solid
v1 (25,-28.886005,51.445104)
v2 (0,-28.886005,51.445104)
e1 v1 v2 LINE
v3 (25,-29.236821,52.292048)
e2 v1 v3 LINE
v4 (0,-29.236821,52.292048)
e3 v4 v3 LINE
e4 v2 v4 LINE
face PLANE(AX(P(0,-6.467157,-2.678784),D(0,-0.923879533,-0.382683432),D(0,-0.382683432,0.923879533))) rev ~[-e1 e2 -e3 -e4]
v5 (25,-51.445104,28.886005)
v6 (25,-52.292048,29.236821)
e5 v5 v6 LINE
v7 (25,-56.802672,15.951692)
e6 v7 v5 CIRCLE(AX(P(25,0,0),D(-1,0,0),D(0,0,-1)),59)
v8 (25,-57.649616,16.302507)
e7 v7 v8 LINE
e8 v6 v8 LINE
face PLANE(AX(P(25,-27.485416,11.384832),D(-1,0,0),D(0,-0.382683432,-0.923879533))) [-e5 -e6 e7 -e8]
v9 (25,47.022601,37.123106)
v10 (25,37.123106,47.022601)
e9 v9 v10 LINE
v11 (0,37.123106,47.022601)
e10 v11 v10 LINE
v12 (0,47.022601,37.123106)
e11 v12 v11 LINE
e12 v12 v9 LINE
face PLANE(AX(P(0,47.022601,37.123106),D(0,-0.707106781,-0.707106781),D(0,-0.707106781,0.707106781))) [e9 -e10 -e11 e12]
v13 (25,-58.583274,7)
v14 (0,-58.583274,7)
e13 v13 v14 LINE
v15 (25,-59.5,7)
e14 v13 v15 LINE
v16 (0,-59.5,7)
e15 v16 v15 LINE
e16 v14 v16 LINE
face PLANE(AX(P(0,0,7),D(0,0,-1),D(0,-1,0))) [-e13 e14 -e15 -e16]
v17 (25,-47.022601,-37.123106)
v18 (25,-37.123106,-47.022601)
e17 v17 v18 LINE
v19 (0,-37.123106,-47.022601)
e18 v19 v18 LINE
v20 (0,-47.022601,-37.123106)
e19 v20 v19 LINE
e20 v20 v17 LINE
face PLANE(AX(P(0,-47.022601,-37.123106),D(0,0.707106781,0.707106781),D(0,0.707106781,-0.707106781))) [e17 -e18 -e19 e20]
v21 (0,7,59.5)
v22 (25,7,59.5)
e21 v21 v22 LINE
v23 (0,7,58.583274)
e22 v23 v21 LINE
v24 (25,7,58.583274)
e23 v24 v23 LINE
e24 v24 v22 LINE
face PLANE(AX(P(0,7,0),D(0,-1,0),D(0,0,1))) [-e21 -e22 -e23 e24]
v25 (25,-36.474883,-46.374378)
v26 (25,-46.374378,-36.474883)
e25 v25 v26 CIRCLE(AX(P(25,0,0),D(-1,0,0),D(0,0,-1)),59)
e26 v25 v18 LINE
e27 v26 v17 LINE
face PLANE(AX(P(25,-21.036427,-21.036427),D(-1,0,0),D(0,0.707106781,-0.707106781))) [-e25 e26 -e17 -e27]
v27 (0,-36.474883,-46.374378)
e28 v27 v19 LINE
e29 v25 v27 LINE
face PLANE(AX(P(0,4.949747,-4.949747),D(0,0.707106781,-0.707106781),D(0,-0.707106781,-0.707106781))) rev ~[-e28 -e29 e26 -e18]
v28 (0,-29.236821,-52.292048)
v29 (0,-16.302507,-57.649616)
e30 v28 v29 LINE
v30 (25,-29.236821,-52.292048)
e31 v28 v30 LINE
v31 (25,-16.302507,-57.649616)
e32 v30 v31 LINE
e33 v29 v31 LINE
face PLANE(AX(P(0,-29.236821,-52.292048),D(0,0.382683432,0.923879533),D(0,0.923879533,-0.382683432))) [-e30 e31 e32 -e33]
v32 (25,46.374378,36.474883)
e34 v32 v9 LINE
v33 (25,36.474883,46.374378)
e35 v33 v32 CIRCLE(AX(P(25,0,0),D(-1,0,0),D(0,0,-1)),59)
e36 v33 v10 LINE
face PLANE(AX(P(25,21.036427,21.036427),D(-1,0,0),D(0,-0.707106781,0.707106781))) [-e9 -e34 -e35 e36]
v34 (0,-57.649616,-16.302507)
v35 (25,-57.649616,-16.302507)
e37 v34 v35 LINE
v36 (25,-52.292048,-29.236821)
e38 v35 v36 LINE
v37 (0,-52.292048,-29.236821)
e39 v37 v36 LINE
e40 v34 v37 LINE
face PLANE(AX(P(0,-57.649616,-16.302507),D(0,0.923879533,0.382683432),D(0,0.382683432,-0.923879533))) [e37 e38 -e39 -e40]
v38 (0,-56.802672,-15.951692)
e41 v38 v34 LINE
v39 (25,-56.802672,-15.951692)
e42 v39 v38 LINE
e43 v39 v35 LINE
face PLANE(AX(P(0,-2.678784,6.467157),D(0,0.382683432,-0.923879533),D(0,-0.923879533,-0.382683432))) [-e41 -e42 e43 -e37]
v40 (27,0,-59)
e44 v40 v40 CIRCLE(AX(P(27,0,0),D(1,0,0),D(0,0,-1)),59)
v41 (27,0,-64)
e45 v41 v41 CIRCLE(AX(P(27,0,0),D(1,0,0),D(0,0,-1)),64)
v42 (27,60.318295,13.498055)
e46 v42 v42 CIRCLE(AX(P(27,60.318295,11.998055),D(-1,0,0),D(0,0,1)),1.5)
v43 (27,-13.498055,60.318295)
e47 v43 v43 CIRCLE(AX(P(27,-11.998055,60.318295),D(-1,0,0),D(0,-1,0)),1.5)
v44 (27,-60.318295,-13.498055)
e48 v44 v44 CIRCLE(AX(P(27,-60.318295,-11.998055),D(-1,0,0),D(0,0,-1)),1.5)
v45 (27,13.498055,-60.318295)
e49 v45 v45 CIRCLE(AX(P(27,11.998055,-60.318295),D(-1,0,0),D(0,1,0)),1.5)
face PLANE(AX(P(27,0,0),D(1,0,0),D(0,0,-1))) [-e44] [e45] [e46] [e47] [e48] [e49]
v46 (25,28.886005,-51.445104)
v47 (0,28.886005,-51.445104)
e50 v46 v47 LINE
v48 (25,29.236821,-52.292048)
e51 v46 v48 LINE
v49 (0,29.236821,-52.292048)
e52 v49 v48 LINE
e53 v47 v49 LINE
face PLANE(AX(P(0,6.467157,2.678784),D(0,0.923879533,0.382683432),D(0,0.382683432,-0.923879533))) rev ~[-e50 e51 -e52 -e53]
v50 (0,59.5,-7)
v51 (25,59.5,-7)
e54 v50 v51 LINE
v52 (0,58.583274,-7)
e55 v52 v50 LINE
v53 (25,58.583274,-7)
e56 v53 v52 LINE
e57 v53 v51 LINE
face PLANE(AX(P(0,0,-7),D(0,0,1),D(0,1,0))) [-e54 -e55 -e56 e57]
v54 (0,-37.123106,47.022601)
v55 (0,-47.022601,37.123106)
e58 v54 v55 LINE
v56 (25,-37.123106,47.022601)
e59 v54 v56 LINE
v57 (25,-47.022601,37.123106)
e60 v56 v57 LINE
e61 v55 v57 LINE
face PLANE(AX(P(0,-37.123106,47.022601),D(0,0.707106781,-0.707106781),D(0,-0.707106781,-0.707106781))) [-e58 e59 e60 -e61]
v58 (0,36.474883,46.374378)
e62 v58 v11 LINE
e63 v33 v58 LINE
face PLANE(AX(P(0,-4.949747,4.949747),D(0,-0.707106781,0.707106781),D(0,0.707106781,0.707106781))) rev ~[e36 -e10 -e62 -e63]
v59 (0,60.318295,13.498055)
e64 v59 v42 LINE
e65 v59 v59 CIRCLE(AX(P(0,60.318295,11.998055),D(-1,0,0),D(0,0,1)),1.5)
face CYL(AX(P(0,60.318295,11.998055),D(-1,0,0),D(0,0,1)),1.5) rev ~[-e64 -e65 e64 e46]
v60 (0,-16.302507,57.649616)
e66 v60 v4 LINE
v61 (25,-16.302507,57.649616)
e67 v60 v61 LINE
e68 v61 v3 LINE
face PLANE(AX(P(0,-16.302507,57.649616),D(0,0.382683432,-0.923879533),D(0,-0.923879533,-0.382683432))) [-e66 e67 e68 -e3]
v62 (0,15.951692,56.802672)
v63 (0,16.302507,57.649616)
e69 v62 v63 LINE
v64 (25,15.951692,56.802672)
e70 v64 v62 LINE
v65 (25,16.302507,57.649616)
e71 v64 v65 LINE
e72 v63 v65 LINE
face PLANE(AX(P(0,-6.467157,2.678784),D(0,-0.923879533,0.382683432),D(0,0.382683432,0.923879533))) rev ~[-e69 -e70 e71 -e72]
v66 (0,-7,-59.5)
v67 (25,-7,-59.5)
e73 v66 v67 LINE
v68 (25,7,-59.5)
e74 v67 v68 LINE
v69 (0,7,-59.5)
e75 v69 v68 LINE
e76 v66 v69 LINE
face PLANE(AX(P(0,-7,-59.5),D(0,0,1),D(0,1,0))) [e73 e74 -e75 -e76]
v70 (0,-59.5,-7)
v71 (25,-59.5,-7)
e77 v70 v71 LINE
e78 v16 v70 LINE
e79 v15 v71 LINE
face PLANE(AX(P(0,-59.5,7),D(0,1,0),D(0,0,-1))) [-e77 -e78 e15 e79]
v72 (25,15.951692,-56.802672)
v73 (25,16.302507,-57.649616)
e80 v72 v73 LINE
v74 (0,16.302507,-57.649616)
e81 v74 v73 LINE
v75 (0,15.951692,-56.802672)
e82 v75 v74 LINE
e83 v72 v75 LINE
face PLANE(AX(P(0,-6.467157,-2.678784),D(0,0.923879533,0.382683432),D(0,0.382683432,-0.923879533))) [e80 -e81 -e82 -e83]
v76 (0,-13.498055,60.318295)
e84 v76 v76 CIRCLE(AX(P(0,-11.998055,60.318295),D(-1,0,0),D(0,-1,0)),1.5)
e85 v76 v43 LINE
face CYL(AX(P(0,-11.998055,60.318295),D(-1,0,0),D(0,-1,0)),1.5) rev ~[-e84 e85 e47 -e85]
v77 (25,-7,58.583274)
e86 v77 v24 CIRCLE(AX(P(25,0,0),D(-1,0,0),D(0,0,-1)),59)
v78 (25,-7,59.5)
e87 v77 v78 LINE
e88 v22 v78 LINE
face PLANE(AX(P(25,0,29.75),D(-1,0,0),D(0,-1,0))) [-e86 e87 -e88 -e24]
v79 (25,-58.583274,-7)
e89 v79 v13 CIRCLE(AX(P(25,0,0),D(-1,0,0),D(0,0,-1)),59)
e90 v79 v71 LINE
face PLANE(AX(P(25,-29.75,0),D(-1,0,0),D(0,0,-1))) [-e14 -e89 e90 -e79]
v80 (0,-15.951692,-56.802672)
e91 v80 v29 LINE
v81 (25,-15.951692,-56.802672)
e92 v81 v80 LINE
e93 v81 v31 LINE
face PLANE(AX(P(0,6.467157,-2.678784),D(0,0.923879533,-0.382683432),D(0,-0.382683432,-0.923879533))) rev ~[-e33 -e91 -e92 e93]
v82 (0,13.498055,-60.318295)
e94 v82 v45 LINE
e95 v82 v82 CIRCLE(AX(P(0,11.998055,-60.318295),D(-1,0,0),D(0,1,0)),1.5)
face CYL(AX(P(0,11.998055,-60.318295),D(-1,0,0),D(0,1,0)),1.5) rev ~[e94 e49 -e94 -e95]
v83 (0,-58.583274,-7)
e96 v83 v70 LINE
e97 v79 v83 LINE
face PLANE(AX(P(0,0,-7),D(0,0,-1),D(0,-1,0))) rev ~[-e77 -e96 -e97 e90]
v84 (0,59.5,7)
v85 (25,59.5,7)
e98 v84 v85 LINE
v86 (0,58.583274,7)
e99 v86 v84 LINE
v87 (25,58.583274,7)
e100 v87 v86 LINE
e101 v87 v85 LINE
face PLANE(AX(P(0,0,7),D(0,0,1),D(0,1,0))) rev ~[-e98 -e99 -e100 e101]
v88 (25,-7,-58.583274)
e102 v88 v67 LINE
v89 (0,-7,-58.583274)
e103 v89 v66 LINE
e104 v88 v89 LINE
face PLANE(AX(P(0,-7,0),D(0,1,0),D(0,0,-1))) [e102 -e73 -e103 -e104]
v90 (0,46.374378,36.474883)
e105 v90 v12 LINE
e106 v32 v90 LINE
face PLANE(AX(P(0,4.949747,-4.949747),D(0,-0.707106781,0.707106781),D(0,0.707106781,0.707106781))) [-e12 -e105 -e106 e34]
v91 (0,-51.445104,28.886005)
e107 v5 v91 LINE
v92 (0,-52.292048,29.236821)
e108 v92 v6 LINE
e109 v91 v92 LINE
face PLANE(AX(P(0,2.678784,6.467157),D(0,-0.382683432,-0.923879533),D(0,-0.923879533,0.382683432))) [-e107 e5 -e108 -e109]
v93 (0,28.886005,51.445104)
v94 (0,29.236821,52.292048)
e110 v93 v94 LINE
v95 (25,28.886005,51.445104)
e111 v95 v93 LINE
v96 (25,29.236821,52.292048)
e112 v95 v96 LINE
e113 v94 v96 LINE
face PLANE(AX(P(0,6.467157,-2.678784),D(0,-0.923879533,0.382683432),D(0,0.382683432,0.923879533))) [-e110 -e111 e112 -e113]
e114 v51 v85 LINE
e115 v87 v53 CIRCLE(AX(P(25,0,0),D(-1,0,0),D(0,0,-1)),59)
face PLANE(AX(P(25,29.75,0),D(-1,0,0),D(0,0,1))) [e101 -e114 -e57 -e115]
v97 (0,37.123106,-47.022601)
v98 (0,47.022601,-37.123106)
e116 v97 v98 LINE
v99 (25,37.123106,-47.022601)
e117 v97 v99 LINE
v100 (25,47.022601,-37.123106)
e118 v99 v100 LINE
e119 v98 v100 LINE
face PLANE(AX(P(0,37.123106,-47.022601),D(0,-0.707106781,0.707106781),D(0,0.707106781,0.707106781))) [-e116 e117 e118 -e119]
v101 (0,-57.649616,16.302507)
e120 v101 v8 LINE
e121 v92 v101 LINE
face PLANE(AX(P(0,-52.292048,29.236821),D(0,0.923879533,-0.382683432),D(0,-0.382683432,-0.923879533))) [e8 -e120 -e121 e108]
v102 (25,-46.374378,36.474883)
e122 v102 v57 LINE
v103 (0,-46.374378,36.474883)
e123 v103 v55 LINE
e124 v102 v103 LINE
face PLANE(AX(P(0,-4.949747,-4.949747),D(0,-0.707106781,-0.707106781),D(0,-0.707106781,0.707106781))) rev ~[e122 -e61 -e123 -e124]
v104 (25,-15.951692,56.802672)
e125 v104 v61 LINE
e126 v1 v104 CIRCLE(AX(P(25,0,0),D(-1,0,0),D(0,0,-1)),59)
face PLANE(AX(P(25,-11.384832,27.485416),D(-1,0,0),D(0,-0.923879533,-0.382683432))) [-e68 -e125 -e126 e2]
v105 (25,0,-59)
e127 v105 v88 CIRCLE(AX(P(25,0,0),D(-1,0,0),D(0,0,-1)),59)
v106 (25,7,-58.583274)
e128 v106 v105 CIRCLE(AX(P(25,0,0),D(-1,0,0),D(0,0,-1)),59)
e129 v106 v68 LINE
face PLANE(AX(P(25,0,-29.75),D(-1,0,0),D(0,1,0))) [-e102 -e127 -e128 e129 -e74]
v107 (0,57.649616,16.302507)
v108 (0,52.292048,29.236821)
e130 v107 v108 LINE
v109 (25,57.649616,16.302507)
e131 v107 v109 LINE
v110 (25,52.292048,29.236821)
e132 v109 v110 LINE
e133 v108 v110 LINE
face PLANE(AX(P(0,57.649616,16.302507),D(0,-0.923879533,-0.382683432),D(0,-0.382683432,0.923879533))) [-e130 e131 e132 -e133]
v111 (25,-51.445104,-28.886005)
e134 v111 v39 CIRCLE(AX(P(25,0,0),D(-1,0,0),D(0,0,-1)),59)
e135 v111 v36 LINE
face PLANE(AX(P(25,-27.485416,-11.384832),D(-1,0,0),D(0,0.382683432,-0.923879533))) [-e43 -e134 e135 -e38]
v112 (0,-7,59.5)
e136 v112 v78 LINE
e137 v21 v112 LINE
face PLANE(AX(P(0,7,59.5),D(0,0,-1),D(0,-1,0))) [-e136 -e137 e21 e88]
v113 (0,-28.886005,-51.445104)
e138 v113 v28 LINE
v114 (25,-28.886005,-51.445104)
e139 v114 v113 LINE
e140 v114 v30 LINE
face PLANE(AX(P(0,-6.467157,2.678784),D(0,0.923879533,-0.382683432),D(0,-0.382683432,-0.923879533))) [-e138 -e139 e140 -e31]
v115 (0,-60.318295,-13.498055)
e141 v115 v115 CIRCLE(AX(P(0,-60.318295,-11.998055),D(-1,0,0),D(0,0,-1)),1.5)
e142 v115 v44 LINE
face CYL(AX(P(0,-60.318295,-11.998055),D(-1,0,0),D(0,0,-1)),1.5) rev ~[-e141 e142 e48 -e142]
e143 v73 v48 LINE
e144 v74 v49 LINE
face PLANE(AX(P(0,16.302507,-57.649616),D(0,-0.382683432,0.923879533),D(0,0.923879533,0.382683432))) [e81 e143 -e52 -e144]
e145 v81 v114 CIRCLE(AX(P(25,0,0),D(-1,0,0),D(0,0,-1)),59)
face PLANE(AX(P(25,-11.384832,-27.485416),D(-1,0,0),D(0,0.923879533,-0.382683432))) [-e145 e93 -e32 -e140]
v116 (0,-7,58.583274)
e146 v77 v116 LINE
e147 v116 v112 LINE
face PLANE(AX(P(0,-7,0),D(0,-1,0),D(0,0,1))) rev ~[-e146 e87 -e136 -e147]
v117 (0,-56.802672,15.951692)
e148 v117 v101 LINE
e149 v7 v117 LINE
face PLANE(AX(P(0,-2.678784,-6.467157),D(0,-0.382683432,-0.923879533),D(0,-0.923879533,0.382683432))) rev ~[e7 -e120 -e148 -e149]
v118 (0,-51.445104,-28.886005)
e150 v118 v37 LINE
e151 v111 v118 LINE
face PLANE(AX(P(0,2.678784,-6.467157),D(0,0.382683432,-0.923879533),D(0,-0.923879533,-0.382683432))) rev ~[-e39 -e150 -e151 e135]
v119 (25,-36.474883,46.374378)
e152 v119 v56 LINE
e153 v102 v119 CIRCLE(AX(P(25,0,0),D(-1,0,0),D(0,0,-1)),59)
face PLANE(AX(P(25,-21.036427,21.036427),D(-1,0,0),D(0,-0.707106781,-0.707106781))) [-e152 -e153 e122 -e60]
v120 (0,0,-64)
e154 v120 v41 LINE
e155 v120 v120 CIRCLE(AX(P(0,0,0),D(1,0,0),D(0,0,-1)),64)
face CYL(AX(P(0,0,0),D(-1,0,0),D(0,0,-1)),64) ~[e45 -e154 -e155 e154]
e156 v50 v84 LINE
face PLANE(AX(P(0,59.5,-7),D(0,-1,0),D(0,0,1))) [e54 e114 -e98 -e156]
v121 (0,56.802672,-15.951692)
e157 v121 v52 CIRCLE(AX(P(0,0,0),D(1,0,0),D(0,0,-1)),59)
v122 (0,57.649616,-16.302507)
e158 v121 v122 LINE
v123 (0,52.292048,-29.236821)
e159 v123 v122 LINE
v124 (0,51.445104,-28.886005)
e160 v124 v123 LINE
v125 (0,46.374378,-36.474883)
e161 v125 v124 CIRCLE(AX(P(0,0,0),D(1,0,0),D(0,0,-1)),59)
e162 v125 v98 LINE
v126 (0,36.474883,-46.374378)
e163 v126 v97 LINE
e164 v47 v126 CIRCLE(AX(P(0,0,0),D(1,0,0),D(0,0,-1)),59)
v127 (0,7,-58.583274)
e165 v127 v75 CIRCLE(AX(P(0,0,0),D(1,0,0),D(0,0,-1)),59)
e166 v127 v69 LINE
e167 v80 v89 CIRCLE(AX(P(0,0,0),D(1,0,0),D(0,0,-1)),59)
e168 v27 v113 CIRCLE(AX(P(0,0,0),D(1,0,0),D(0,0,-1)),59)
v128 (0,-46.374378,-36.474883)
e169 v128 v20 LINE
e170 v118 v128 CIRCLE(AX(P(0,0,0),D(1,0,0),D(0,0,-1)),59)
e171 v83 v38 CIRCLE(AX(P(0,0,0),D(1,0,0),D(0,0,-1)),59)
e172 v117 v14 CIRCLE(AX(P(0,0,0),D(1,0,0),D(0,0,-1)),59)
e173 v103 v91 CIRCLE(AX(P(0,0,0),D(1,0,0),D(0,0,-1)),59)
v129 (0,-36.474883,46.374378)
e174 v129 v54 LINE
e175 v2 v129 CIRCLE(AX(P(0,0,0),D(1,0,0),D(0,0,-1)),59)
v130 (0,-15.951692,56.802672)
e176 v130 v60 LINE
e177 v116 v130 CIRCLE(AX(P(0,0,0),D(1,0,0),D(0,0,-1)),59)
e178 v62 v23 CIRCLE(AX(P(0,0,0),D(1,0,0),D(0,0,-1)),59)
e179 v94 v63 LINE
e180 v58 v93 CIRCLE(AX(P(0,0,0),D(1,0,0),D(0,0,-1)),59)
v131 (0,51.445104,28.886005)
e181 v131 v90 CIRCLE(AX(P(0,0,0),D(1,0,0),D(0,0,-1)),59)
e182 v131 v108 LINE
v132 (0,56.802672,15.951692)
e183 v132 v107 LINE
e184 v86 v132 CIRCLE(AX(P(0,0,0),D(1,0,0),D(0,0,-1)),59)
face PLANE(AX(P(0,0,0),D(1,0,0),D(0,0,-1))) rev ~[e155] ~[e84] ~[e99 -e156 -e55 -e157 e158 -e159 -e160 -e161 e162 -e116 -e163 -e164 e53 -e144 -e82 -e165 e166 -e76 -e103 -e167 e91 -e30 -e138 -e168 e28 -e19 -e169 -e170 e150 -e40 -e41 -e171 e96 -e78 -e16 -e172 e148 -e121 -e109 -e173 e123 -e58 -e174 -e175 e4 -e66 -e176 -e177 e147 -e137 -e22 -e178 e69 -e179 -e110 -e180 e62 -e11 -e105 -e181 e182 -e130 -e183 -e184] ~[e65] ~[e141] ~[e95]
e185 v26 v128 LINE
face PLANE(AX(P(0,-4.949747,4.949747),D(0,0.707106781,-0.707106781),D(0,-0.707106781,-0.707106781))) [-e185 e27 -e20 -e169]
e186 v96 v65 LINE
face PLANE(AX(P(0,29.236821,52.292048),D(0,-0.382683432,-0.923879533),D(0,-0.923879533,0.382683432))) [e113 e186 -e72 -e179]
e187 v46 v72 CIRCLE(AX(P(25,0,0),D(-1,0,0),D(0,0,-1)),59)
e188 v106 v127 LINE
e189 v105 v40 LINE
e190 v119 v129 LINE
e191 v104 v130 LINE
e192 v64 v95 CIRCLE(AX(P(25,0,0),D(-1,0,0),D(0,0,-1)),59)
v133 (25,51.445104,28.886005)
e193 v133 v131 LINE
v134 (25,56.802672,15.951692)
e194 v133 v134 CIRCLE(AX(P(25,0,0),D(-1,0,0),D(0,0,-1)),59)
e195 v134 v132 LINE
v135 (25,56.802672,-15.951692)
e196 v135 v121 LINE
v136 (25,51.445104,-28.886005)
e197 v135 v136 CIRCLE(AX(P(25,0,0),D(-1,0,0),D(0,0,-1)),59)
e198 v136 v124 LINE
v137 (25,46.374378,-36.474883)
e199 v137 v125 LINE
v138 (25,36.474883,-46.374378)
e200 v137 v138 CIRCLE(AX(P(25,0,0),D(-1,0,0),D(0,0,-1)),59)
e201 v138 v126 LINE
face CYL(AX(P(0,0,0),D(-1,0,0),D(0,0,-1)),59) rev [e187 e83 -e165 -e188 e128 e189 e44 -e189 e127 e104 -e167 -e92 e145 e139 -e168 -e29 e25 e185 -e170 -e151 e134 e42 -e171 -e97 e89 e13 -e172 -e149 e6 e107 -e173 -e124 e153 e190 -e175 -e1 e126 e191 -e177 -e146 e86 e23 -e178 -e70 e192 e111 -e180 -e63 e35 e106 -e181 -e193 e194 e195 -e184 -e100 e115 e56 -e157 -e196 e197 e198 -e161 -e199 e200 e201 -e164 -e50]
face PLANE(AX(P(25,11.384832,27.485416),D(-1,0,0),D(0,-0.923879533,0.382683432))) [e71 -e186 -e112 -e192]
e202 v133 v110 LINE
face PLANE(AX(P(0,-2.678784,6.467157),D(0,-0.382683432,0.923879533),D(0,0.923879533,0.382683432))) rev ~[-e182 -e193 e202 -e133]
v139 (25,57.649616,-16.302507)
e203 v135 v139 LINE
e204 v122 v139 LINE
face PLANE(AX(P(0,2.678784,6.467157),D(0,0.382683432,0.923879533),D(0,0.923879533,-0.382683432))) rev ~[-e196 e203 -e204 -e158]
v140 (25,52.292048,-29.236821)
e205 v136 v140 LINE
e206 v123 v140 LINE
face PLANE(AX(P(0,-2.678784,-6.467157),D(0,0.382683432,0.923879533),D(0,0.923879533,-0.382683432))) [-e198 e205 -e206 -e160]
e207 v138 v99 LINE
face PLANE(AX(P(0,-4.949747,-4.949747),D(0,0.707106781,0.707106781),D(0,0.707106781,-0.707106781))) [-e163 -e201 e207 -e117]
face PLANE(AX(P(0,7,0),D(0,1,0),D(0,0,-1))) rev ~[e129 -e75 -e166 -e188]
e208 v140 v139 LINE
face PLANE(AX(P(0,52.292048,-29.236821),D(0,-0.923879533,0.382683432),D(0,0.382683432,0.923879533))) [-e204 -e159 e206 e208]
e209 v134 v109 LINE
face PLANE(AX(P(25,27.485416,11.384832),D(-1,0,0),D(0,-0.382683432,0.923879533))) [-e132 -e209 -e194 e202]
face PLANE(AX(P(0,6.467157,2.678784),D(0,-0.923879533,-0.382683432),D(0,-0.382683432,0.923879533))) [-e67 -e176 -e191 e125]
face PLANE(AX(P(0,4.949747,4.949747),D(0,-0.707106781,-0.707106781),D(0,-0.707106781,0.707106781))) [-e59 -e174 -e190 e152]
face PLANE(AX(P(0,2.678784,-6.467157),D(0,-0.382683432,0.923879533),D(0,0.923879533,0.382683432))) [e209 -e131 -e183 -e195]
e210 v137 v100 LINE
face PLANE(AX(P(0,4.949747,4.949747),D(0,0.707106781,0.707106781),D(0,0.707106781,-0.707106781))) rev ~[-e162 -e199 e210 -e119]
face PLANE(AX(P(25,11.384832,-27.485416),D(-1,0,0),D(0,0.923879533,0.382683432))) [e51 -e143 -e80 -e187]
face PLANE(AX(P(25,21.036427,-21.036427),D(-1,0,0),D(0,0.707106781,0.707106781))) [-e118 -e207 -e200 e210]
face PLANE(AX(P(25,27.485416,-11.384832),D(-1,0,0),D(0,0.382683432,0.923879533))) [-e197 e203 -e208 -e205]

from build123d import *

# Parameters (mm, degrees)
SKETCH1_R           = 64
SKETCH1_R_2         = 59
BOSS_EXTRUDE1_DEPTH = 27
SKETCH2_W           = 14
SKETCH2_H           = 59.5
CUT_EXTRUDE1_DEPTH  = 25
CIRPATTERN1_COUNT   = 16
SKETCH3_R           = 1.5
CUT_EXTRUDE2_DEPTH  = 28
CIRPATTERN2_COUNT   = 4


with BuildPart() as part:
    # Sketch1 → Boss-Extrude1 (new body)
    with BuildSketch(Plane(origin=(0, 0, 0), x_dir=(0, 0, -1), z_dir=(1, 0, 0))):
        Circle(SKETCH1_R)
        Circle(SKETCH1_R_2, mode=Mode.SUBTRACT)
    extrude(amount=BOSS_EXTRUDE1_DEPTH)

    # Sketch2 → Cut-Extrude1 (cut)
    with BuildSketch(Plane.ZY):
        with Locations((0, 29.75)):
            Rectangle(SKETCH2_W, SKETCH2_H)
    cut_extrude1 = extrude(amount=-CUT_EXTRUDE1_DEPTH, mode=Mode.SUBTRACT)

    # CirPattern1: Cut-Extrude1 ×16 about axis
    cirpattern1_axis = Axis((0, 0, 0), (1, 0, 0))
    for i in range(1, CIRPATTERN1_COUNT):
        add(cut_extrude1.rotate(cirpattern1_axis, i * 360 / CIRPATTERN1_COUNT), mode=Mode.SUBTRACT)

    # Sketch3 → Cut-Extrude2 (cut, through all)
    with BuildSketch(Plane.ZY):
        with Locations((11.998054804, 60.318294745)):
            Circle(SKETCH3_R)
    cut_extrude2 = extrude(amount=-CUT_EXTRUDE2_DEPTH, mode=Mode.SUBTRACT)

    # CirPattern2: Cut-Extrude2 ×4 about axis
    cirpattern2_axis = Axis((0, 0, 0), (1, 0, 0))
    for i in range(1, CIRPATTERN2_COUNT):
        add(cut_extrude2.rotate(cirpattern2_axis, i * 360 / CIRPATTERN2_COUNT), mode=Mode.SUBTRACT)


solid = part.part
